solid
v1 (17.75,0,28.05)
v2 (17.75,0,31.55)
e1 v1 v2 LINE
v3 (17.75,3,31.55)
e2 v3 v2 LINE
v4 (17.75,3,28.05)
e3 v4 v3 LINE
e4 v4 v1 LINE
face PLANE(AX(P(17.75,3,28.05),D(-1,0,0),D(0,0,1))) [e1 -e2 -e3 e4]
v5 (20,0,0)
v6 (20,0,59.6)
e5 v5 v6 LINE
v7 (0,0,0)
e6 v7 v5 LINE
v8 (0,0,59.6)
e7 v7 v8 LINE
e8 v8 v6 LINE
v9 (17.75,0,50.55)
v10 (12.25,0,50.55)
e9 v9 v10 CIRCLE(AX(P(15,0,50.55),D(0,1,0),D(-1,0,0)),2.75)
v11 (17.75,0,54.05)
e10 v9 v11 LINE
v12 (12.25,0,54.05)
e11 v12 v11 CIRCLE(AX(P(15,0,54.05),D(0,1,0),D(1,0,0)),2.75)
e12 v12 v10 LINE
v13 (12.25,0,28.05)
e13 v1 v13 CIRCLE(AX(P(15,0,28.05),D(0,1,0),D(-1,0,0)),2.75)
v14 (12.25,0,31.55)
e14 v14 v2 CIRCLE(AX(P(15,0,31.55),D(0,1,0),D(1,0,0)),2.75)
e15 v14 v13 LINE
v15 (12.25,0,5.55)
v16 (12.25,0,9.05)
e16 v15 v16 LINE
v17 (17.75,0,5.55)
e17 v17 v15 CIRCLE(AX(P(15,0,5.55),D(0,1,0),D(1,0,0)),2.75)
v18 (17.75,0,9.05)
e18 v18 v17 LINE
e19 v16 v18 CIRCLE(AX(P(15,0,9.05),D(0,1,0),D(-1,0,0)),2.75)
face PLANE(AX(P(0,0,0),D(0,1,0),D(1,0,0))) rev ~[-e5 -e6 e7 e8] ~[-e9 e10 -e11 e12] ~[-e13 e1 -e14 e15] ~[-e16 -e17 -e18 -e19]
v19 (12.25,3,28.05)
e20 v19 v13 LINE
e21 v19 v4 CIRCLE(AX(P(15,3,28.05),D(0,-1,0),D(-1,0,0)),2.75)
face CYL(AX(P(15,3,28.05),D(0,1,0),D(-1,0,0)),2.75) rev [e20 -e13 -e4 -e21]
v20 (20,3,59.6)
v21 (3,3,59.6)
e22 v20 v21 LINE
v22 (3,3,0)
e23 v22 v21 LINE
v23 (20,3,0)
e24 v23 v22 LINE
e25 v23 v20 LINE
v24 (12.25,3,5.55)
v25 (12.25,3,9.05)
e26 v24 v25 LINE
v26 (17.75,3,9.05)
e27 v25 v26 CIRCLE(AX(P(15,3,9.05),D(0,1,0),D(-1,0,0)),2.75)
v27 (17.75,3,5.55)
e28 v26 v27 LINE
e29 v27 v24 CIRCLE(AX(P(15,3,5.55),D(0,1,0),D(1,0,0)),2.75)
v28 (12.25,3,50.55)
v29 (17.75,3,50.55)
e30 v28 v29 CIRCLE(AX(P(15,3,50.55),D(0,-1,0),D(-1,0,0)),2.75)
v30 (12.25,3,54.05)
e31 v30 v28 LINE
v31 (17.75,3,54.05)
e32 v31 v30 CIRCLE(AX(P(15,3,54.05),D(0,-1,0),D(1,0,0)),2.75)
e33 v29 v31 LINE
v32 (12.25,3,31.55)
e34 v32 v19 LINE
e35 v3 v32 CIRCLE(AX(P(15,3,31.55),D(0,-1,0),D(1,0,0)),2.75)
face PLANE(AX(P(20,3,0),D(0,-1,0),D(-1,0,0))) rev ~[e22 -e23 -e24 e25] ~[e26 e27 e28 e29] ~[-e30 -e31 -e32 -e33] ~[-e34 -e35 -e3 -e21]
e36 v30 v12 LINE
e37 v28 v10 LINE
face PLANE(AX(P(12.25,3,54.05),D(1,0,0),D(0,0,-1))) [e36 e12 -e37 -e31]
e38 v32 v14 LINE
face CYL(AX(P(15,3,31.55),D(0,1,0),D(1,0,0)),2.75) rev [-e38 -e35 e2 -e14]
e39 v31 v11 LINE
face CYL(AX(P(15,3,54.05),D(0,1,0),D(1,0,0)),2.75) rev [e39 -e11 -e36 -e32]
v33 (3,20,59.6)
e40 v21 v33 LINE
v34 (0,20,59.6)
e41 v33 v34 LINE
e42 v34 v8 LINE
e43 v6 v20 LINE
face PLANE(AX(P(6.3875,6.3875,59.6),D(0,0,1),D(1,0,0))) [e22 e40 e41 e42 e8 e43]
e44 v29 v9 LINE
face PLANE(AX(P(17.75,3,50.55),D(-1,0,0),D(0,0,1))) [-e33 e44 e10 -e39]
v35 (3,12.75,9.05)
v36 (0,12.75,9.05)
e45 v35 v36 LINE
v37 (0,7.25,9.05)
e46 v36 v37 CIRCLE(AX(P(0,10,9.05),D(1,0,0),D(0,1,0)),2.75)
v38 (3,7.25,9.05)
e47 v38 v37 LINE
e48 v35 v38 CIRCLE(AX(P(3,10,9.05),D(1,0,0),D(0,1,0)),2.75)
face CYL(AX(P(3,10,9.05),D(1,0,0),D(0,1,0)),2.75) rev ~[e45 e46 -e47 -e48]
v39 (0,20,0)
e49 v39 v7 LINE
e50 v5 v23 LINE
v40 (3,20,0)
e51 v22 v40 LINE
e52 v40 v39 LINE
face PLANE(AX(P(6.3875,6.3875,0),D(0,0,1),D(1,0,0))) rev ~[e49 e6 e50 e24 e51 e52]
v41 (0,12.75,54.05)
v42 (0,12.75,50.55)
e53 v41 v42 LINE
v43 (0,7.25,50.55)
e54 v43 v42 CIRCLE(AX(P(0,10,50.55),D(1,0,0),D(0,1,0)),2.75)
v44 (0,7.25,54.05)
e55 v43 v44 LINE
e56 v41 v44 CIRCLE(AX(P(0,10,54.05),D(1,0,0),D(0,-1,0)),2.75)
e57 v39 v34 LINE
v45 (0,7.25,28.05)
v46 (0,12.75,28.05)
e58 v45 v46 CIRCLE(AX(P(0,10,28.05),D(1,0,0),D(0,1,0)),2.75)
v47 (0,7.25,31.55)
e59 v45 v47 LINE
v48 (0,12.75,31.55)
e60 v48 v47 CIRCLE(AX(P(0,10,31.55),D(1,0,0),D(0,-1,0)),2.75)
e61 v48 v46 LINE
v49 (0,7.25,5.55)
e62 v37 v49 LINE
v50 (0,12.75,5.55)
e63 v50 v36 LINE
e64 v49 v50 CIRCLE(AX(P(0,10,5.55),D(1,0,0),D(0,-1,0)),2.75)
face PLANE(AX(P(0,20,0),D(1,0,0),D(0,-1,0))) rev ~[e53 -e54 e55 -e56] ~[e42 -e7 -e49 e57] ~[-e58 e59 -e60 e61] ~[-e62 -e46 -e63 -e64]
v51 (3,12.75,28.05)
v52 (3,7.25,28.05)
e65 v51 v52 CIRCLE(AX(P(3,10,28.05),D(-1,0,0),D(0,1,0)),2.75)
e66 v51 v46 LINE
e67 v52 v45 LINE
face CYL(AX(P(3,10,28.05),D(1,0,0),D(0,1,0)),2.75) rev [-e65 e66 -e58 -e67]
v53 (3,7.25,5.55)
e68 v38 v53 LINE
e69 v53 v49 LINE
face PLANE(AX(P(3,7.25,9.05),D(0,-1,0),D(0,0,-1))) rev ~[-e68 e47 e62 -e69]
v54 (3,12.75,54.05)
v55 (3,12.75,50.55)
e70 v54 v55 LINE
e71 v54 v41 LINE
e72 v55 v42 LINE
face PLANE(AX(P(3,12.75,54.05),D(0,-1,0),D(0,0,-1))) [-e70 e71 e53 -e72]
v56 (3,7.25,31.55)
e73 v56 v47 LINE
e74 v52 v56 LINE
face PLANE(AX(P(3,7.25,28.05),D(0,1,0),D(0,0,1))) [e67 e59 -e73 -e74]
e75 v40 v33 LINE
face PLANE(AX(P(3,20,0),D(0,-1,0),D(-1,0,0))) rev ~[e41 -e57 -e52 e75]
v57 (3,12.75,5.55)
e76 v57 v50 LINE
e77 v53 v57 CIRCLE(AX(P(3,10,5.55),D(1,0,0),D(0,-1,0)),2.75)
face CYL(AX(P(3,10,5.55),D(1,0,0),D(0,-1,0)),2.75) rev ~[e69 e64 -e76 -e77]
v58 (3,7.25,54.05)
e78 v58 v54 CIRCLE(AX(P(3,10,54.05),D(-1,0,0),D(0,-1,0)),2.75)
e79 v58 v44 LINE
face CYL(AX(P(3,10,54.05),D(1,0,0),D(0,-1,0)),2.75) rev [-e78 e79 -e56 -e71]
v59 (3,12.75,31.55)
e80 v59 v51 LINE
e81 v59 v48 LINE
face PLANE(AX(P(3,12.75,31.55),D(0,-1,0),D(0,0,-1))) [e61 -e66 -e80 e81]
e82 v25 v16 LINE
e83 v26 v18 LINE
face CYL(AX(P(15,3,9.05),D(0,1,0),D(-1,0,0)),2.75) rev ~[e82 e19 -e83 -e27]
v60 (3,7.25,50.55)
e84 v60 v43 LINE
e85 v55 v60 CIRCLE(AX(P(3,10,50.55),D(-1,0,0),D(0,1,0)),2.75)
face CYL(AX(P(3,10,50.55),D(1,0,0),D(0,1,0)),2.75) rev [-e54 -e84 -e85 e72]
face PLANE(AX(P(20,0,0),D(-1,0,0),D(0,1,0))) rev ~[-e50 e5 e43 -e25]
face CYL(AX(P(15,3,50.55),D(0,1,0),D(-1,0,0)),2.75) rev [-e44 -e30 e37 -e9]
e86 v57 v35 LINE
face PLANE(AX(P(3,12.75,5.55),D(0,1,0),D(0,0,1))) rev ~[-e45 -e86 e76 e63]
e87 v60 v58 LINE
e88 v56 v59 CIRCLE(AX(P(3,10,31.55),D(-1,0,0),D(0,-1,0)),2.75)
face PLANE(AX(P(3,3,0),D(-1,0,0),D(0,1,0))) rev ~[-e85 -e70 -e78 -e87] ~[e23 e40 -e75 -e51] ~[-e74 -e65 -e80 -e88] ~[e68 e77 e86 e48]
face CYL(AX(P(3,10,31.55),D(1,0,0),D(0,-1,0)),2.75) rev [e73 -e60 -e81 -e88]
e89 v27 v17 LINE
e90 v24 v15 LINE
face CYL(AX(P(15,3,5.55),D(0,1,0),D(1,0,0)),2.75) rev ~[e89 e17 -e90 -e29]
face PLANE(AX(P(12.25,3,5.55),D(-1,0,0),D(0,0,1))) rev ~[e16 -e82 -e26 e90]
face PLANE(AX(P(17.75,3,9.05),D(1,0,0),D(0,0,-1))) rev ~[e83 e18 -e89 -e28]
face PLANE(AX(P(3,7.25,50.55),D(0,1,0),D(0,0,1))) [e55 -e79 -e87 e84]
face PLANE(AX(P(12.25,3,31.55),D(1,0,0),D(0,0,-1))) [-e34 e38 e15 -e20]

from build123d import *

# Parameters (mm, degrees)
EXTRUDE_THIN1_DEPTH = 59.6
CUT_EXTRUDE1_DEPTH  = 4
CUT_EXTRUDE2_DEPTH  = 4


with BuildPart() as part:
    # Sketch1 → Extrude-Thin1 (new body)
    with BuildSketch(Plane.XY):
        Polygon((0, 20), (0, 0), (20, 0), (20, 3), (3, 3), (3, 20), align=None)
    extrude(amount=EXTRUDE_THIN1_DEPTH)

    # Sketch2 → Cut-Extrude1 (cut, through all)
    with BuildSketch(Plane(origin=(3, 0, 0), x_dir=(0, 0, -1), z_dir=(1, 0, 0))):
        with BuildLine():
            Line((-50.55, 7.25), (-54.05, 7.25))
            ThreePointArc((-54.05, 7.25), (-56.8, 10), (-54.05, 12.75))
            Line((-54.05, 12.75), (-50.55, 12.75))
            ThreePointArc((-50.55, 12.75), (-47.8, 10), (-50.55, 7.25))
        make_face()
        with BuildLine():
            Line((-9.05, 7.25), (-5.55, 7.25))
            ThreePointArc((-5.55, 7.25), (-2.8, 10), (-5.55, 12.75))
            Line((-5.55, 12.75), (-9.05, 12.75))
            ThreePointArc((-9.05, 12.75), (-11.8, 10), (-9.05, 7.25))
        make_face()
        with BuildLine():
            Line((-28.05, 7.25), (-31.55, 7.25))
            ThreePointArc((-31.55, 7.25), (-34.3, 10), (-31.55, 12.75))
            Line((-31.55, 12.75), (-28.05, 12.75))
            ThreePointArc((-28.05, 12.75), (-25.3, 10), (-28.05, 7.25))
        make_face()
    extrude(amount=-CUT_EXTRUDE1_DEPTH, mode=Mode.SUBTRACT)

    # Sketch3 → Cut-Extrude2 (cut, through all)
    with BuildSketch(Plane(origin=(0, 3, 0), x_dir=(1, 0, 0), z_dir=(0, 1, 0))):
        with BuildLine():
            Line((12.25, -54.05), (12.25, -50.55))
            ThreePointArc((12.25, -50.55), (15, -47.8), (17.75, -50.55))
            Line((17.75, -50.55), (17.75, -54.05))
            ThreePointArc((17.75, -54.05), (15, -56.8), (12.25, -54.05))
        make_face()
        with BuildLine():
            Line((12.25, -5.55), (12.25, -9.05))
            ThreePointArc((12.25, -9.05), (15, -11.8), (17.75, -9.05))
            Line((17.75, -9.05), (17.75, -5.55))
            ThreePointArc((17.75, -5.55), (15, -2.8), (12.25, -5.55))
        make_face()
        with BuildLine():
            Line((17.75, -28.05), (17.75, -31.55))
            ThreePointArc((17.75, -31.55), (15, -34.3), (12.25, -31.55))
            Line((12.25, -31.55), (12.25, -28.05))
            ThreePointArc((12.25, -28.05), (15, -25.3), (17.75, -28.05))
        make_face()
    extrude(amount=-CUT_EXTRUDE2_DEPTH, mode=Mode.SUBTRACT)


solid = part.part
